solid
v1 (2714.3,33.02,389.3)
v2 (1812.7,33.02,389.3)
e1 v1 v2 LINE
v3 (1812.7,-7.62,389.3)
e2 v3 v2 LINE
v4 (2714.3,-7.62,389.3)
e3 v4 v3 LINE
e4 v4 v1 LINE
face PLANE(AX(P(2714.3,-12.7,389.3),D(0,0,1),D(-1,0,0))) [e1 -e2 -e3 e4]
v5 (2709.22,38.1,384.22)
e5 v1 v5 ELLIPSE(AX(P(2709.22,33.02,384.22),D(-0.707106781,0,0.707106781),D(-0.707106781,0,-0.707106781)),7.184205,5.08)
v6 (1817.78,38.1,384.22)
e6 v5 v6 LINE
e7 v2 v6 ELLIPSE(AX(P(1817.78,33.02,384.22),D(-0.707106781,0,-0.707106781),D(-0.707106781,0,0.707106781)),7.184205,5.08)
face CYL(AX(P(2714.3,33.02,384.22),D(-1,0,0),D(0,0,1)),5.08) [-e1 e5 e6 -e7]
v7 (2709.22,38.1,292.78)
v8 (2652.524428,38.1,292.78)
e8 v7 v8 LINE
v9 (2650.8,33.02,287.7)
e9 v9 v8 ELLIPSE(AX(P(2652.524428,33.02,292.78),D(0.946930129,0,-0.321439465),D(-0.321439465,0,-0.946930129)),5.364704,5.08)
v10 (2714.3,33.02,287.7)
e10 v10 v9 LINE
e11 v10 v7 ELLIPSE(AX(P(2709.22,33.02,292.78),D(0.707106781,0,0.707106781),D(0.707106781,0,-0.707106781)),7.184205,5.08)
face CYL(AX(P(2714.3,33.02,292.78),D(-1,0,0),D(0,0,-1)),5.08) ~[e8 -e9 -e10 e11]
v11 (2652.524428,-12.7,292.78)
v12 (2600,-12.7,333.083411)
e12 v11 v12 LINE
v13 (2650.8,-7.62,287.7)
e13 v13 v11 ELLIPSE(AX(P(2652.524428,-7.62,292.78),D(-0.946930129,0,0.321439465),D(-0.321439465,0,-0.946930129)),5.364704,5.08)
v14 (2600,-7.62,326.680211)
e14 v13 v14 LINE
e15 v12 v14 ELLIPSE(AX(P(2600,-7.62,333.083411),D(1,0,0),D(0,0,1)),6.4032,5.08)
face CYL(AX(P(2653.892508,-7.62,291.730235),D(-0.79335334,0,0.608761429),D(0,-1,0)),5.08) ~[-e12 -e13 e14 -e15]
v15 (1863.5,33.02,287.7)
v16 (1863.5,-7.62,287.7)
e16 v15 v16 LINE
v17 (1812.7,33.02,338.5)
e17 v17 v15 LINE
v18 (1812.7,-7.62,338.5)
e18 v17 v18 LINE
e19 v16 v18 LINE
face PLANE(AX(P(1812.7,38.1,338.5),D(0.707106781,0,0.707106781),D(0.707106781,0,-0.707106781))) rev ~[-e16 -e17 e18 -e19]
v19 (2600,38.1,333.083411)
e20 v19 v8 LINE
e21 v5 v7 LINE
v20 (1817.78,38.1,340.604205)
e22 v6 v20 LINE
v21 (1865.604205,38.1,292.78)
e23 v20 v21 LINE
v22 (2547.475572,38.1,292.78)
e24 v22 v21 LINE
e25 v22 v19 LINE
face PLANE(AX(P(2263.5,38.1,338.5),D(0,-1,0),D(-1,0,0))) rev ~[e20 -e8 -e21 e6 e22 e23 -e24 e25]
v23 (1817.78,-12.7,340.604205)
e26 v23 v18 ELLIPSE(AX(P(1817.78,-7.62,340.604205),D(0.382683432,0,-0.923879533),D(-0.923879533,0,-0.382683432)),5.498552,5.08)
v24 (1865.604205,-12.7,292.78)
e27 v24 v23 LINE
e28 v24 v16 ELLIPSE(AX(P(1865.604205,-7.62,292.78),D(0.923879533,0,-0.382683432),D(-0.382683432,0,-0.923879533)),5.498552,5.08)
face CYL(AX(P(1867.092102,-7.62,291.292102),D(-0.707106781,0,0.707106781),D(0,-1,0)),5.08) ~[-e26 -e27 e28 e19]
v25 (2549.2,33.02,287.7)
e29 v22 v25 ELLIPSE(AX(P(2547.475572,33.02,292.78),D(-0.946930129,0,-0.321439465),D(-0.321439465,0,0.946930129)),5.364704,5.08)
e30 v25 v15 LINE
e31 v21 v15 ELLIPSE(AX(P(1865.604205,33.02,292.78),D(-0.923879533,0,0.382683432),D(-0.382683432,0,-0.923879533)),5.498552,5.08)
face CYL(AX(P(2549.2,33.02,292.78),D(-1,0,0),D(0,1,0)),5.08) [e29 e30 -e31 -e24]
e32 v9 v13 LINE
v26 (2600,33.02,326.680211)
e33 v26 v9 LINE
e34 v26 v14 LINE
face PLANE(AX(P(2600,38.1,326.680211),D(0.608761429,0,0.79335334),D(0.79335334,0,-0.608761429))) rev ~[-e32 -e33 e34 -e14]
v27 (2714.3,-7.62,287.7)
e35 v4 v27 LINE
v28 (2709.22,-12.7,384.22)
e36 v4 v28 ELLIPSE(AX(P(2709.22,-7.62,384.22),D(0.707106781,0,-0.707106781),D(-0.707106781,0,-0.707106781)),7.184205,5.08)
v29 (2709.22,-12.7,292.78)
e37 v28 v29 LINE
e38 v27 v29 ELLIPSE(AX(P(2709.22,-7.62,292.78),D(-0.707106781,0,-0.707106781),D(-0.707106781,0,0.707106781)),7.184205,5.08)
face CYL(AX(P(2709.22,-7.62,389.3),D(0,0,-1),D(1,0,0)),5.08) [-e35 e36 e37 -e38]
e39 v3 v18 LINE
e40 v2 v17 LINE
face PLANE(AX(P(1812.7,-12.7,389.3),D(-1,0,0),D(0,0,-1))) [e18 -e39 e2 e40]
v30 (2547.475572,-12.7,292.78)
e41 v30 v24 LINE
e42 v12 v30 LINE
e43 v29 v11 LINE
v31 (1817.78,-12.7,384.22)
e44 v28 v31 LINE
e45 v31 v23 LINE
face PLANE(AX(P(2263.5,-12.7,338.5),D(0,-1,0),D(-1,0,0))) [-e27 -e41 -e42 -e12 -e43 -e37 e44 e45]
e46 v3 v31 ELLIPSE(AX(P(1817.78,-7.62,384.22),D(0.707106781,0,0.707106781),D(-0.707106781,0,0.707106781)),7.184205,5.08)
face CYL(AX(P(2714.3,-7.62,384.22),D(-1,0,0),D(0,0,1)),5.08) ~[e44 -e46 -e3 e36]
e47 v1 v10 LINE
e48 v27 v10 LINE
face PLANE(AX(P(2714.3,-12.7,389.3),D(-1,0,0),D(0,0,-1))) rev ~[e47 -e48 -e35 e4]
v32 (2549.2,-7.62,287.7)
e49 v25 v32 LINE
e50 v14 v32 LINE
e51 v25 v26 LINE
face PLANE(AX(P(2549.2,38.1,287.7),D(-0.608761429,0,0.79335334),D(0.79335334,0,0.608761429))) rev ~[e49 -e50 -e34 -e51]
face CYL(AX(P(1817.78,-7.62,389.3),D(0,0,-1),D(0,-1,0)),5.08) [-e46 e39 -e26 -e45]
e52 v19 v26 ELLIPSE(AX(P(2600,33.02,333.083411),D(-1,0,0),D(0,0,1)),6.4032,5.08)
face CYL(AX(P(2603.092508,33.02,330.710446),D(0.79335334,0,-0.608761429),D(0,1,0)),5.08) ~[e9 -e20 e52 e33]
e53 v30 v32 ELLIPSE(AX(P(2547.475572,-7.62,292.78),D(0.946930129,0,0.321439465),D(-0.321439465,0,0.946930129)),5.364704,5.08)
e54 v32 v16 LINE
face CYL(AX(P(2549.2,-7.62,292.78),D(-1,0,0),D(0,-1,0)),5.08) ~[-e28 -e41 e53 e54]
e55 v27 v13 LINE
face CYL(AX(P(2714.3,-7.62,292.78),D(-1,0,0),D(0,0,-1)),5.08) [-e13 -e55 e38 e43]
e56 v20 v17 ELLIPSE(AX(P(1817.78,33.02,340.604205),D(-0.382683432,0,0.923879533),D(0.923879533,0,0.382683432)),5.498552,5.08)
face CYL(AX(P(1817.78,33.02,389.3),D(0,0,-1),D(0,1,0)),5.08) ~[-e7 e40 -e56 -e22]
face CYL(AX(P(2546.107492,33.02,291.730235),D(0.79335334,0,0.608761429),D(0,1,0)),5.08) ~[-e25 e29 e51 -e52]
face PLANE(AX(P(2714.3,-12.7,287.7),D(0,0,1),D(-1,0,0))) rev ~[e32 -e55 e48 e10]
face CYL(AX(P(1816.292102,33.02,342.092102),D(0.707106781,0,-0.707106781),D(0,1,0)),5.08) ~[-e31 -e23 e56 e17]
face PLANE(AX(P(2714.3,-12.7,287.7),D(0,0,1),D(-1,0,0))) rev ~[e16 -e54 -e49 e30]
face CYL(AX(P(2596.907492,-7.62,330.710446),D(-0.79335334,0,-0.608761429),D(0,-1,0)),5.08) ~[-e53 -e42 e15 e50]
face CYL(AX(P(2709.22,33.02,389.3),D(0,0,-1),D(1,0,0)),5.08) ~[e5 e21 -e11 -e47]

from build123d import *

# Parameters (mm, degrees)
SKETCH3_W           = 901.6
SKETCH3_H           = 101.6
BOSS_EXTRUDE3_DEPTH = 50.8
CUT_EXTRUDE1_DEPTH  = 51.8
FILLET1_R           = 5.08


with BuildPart() as part:
    # Sketch3 → Boss-Extrude3 (new body)
    with BuildSketch(Plane(origin=(0, -12.7, 0), x_dir=(-1, 0, 0), z_dir=(0, -1, 0))):
        with Locations((-2263.5, -338.5)):
            Rectangle(SKETCH3_W, SKETCH3_H)
    extrude(amount=-BOSS_EXTRUDE3_DEPTH)

    # Sketch4 → Cut-Extrude1 (cut, through all)
    with BuildSketch(Plane(origin=(0, 38.1, 0), x_dir=(1, 0, 0), z_dir=(0, 1, 0))):
        Polygon((2549.2, -287.7), (2600, -326.680210989), (2650.8, -287.7), align=None)
        Polygon((1812.7, -287.7), (1812.7, -338.5), (1863.5, -287.7), align=None)
    extrude(amount=-CUT_EXTRUDE1_DEPTH, mode=Mode.SUBTRACT)

    # Fillet1
    fillet1_edges = [part.edges().sort_by_distance(p)[0] for p in [
        (2714.3, 38.1, 338.5),
        (2206.35, -12.7, 287.7),
        (2682.55, -12.7, 287.7),
        (2263.5, 38.1, 389.3),
        (2206.35, 38.1, 287.7),
        (2682.55, 38.1, 287.7),
        (2625.4, -12.7, 307.190105495),
        (2574.6, -12.7, 307.190105495),
        (2574.6, 38.1, 307.190105495),
        (2625.4, 38.1, 307.190105495),
        (1838.1, -12.7, 313.1),
        (1838.1, 38.1, 313.1),
        (1812.7, 38.1, 363.9),
        (2263.5, -12.7, 389.3),
        (2714.3, -12.7, 338.5),
        (1812.7, -12.7, 363.9),
    ]]
    fillet(fillet1_edges, radius=FILLET1_R)


solid = part.part
